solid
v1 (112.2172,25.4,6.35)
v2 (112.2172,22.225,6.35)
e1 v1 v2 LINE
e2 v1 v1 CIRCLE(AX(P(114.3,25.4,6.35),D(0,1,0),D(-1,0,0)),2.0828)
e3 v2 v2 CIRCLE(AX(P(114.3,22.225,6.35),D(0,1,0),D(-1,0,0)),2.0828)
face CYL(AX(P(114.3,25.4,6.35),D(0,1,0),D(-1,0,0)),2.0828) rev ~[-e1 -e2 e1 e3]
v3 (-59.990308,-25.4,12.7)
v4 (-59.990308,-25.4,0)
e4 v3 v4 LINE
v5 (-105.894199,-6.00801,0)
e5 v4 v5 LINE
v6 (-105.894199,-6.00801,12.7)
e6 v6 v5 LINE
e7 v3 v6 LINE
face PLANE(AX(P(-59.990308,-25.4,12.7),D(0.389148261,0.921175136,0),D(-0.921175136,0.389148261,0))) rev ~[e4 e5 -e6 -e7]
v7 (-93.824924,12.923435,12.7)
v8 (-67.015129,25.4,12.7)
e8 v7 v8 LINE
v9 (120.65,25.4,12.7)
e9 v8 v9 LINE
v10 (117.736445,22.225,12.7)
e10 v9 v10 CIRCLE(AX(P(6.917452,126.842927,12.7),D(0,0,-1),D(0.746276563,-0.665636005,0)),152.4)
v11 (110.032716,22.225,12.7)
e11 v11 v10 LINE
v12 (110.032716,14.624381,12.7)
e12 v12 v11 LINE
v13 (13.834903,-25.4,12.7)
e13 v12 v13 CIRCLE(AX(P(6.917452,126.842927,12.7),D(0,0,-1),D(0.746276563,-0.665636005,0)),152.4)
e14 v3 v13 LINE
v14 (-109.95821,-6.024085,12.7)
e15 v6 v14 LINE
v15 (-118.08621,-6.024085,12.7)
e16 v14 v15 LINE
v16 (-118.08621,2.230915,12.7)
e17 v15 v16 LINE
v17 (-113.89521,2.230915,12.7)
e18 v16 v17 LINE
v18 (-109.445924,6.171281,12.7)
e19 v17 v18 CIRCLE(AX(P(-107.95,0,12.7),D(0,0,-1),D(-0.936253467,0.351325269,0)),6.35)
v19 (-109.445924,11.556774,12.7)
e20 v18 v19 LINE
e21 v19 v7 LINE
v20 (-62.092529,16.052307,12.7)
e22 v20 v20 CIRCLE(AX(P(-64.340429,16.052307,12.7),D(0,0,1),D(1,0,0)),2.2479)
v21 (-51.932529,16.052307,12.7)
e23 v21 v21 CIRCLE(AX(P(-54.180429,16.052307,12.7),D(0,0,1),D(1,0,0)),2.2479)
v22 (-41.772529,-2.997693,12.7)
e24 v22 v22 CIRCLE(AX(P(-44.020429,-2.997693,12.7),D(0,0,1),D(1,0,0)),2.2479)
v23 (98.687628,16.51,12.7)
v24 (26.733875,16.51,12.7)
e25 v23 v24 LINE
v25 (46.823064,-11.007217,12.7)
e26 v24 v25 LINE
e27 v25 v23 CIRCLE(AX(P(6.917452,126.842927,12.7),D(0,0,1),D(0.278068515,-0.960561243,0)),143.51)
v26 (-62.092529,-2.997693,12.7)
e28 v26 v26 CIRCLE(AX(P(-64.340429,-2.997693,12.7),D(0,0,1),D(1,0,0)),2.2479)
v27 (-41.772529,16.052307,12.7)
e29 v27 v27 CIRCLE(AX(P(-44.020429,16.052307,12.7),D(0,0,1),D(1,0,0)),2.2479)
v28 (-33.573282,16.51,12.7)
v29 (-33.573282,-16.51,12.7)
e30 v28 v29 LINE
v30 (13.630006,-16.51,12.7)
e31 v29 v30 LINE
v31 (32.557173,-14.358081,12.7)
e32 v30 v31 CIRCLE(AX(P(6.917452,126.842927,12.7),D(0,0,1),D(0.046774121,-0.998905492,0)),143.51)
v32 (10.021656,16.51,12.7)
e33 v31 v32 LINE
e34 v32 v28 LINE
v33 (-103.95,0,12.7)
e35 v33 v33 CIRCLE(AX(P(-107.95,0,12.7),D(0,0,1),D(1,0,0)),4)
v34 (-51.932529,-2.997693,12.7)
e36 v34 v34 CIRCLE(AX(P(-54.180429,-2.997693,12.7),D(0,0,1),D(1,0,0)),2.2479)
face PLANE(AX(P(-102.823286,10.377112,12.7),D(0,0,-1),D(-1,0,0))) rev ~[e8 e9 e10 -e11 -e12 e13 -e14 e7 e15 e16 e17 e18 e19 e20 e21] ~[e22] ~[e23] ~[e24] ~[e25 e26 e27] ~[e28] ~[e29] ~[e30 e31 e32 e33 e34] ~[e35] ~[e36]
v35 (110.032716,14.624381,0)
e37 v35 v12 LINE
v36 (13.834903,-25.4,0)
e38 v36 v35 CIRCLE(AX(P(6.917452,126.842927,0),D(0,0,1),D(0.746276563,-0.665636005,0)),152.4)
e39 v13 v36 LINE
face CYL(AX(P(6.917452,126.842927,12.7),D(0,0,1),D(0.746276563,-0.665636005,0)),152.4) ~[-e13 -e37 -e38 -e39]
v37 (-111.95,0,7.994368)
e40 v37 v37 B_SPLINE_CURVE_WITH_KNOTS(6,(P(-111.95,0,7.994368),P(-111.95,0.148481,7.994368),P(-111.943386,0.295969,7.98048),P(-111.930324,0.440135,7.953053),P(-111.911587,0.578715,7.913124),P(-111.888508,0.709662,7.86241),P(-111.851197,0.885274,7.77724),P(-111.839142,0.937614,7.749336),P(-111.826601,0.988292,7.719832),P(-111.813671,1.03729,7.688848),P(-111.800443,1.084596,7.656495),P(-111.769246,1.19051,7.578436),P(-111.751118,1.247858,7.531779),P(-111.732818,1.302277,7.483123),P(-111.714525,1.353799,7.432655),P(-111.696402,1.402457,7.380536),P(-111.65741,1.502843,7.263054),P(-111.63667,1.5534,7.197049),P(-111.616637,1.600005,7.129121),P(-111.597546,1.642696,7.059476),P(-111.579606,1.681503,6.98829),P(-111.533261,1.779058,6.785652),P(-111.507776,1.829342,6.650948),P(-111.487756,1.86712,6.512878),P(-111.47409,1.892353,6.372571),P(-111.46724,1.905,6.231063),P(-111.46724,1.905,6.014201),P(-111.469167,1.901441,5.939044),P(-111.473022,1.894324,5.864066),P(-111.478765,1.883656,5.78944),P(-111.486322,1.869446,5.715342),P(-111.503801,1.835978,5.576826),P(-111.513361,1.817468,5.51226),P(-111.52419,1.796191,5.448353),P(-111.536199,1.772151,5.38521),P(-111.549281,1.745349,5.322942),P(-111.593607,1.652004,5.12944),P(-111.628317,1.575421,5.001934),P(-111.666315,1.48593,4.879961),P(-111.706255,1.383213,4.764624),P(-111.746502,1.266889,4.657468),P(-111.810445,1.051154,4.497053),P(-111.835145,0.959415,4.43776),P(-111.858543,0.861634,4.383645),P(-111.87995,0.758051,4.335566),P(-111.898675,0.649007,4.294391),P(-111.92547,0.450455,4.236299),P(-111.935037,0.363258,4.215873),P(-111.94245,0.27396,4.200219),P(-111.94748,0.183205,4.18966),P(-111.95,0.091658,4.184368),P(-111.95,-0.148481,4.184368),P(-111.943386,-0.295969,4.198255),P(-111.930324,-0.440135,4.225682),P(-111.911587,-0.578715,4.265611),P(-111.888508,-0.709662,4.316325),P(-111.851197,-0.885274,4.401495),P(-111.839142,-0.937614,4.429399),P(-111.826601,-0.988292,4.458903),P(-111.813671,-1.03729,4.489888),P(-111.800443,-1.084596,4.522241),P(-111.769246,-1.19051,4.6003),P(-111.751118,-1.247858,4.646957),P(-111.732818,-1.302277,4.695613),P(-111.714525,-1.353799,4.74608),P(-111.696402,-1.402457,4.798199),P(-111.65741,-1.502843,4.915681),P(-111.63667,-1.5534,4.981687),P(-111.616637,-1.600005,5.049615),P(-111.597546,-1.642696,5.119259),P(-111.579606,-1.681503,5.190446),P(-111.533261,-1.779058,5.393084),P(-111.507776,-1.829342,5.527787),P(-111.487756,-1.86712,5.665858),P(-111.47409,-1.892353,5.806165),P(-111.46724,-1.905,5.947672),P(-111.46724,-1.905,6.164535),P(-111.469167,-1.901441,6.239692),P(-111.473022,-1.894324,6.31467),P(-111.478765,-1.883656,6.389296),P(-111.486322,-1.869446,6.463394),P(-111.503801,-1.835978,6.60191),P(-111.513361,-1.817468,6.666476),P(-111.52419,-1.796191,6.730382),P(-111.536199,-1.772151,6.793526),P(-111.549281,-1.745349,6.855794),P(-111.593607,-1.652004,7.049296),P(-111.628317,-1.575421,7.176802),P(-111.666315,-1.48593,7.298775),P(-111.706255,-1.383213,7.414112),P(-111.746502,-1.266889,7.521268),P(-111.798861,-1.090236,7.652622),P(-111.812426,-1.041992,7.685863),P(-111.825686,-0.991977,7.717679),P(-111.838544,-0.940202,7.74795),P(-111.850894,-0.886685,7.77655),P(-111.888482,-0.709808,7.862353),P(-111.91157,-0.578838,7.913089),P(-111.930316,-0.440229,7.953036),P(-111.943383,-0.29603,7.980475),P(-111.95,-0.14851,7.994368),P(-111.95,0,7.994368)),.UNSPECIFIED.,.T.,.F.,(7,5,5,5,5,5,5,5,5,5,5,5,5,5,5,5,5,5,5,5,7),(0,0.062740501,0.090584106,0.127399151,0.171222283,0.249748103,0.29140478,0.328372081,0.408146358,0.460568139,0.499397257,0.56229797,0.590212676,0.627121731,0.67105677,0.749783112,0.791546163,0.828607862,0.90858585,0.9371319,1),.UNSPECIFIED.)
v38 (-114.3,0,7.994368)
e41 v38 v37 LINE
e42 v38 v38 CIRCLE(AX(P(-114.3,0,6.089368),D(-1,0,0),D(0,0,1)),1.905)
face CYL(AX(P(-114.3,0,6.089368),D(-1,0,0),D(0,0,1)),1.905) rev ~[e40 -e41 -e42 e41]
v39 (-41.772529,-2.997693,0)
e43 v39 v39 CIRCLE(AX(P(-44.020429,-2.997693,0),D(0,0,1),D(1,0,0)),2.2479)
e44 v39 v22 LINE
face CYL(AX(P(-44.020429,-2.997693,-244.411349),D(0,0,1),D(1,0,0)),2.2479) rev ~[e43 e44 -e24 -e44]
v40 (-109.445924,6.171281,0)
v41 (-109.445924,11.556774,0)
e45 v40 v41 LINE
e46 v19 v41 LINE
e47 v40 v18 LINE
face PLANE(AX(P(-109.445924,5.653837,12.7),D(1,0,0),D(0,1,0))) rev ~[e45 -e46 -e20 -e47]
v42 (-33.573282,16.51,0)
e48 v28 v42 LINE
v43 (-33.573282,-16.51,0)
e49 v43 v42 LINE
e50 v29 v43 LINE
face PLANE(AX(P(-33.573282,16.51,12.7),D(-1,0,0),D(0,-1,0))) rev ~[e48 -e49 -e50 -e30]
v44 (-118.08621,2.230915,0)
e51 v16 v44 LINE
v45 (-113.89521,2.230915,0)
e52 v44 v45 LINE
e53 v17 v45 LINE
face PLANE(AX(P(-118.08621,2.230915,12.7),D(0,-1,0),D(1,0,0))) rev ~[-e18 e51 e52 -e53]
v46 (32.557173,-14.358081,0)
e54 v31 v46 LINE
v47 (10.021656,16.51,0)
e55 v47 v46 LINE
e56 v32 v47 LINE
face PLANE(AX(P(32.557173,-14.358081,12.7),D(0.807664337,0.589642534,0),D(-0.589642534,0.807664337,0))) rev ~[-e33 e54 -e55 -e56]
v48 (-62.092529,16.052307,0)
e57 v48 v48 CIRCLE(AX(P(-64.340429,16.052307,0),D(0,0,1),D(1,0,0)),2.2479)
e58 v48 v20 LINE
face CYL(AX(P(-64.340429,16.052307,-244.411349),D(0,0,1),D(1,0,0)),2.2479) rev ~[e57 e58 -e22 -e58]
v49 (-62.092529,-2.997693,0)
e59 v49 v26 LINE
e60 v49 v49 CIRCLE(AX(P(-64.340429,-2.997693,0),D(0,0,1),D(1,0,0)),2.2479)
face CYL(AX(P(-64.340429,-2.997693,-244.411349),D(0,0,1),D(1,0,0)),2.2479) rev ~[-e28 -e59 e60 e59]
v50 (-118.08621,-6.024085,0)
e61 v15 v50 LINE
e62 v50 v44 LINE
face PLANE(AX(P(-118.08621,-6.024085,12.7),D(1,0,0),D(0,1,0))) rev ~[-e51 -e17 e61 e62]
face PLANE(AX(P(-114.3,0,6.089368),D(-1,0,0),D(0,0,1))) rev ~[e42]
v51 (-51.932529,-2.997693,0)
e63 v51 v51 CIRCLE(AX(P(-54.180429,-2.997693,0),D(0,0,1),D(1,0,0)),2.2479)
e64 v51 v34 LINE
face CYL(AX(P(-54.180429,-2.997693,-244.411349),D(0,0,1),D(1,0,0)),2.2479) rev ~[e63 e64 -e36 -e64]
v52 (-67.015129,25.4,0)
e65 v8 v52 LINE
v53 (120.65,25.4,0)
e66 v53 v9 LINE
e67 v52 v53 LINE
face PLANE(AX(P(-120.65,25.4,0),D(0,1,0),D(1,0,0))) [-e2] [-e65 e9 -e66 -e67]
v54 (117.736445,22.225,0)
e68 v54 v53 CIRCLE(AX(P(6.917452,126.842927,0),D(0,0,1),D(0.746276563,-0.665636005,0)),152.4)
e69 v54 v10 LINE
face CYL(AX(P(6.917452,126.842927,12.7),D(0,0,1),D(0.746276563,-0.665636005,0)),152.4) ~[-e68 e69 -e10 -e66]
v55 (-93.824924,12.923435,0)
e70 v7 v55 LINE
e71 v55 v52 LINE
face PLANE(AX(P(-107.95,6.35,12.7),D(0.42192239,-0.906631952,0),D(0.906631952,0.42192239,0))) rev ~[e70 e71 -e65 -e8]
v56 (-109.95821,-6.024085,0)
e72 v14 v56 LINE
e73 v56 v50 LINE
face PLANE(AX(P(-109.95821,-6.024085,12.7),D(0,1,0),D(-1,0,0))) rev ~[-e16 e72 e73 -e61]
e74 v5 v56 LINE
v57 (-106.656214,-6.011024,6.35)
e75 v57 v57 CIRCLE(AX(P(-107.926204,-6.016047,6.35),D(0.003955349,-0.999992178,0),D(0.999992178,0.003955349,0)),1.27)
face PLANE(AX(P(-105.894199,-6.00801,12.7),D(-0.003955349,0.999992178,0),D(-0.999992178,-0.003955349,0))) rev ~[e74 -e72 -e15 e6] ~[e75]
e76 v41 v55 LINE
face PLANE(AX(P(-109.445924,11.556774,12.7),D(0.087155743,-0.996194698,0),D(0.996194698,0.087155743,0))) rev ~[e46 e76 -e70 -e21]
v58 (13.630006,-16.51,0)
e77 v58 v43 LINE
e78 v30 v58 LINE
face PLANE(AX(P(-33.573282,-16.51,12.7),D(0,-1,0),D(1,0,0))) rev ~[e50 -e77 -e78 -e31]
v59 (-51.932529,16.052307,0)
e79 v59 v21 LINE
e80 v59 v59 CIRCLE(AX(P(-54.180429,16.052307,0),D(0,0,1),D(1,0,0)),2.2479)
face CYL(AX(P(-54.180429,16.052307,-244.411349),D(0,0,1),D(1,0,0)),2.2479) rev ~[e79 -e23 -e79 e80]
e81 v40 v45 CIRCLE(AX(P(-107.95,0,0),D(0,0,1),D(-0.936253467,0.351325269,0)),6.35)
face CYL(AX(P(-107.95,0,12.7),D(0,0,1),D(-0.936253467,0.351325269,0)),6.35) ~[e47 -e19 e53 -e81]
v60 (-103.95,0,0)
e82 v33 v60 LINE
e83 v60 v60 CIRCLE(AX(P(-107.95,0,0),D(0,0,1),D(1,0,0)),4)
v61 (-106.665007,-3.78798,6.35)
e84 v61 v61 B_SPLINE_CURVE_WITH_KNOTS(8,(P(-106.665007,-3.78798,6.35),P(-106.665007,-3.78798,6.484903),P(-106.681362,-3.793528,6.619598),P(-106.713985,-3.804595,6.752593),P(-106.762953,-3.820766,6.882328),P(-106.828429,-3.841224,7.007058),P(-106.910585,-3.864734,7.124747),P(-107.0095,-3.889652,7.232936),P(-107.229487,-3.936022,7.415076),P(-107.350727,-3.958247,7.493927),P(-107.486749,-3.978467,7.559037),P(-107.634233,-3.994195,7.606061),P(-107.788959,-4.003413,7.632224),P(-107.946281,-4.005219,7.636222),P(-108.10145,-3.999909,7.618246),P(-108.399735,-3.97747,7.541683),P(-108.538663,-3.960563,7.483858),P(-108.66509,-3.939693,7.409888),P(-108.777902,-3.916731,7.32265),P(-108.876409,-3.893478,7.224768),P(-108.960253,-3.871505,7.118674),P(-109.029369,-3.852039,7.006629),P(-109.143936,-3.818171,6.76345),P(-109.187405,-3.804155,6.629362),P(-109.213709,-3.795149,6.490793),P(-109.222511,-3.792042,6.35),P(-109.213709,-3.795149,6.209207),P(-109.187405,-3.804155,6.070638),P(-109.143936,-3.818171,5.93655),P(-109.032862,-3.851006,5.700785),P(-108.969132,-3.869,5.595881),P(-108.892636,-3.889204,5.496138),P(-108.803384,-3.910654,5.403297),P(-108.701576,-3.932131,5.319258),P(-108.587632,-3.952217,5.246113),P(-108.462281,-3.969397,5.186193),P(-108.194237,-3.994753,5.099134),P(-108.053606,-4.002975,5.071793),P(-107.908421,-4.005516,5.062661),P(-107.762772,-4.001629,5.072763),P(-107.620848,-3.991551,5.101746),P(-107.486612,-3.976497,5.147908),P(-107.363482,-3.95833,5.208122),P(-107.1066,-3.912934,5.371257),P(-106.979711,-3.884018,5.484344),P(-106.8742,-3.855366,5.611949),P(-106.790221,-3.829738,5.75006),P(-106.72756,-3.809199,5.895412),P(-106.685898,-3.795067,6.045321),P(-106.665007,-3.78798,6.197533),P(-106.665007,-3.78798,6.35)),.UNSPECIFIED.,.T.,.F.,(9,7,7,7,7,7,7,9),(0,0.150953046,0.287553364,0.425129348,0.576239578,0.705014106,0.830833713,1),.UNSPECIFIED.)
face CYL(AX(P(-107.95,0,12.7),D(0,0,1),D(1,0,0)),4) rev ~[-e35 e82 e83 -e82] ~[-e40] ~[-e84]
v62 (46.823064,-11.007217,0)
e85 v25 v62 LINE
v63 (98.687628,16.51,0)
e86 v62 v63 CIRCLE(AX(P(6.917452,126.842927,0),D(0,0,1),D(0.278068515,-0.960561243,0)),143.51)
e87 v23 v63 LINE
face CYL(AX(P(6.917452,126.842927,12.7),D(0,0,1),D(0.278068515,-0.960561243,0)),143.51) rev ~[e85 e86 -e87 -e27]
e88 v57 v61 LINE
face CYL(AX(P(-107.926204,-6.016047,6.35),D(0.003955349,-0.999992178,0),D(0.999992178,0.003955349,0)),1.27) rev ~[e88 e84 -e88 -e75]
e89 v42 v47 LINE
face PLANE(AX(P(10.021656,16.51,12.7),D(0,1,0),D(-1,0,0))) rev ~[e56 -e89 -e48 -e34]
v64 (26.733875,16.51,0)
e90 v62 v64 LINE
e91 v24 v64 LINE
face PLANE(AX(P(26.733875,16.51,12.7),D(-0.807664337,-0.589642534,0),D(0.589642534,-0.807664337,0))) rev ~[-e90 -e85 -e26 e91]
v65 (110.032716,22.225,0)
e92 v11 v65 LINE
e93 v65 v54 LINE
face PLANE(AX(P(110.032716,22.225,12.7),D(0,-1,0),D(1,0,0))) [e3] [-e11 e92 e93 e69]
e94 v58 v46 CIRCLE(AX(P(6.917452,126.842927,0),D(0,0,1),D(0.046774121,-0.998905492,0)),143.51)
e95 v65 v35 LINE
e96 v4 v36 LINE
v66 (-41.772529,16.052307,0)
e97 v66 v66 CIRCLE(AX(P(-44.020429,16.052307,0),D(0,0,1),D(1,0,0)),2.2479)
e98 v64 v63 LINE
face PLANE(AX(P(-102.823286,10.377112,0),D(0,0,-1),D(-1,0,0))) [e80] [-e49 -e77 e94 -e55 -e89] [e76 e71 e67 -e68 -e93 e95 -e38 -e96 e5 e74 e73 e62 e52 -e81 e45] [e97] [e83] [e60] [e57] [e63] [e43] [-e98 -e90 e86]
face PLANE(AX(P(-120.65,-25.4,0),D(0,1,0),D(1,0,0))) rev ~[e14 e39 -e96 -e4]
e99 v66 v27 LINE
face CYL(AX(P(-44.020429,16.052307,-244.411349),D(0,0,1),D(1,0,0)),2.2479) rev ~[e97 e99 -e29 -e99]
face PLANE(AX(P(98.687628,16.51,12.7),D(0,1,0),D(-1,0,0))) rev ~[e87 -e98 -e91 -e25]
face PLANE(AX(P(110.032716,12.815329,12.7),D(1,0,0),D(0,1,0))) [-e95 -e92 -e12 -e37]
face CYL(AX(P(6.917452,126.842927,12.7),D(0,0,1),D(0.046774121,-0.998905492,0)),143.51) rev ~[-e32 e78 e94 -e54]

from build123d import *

# Parameters (mm, degrees)
SKETCH1_W             = 241.3
SKETCH1_H             = 50.8
BOSS_EXTRUDE1_DEPTH   = 12.7
SKETCH3_R             = 4
CUT_EXTRUDE1_DEPTH    = 124.947055229
CUT_EXTRUDE2_DEPTH    = 124.947055229
F_8_CLEARANCE_HOLE1_D = 4.4958
SKETCH10_R            = 1.905
CUT_EXTRUDE3_DEPTH    = 5.08
BOSS_EXTRUDE2_DEPTH   = 12.7
CUT_EXTRUDE4_DEPTH    = 124.947055239
SKETCH14_R            = 1.27
CUT_EXTRUDE5_DEPTH    = 6.35
SKETCH15_W            = 7.607640742
SKETCH15_H            = 9.409671306
CUT_EXTRUDE6_DEPTH    = 124.947055239
SKETCH16_W            = 0.104572849
SKETCH16_H            = 0.14582332
CUT_EXTRUDE8_DEPTH    = 124.947055239
SKETCH18_R            = 2.0828
CUT_EXTRUDE9_DEPTH    = 132.523201385
LPATTERN1_COUNT       = 3
LPATTERN1_PITCH       = 10.16


with BuildPart() as part:
    # Sketch1 → Boss-Extrude1 (new body)
    with BuildSketch(Plane.XY):
        Rectangle(SKETCH1_W, SKETCH1_H)
    extrude(amount=BOSS_EXTRUDE1_DEPTH)

    # Sketch3 → Cut-Extrude1 (cut, through all)
    with BuildSketch(Plane.XY.offset(12.7)):
        with Locations((-107.95, 0)):
            Circle(SKETCH3_R)
    extrude(amount=-CUT_EXTRUDE1_DEPTH, mode=Mode.SUBTRACT)

    # Sketch5 → Cut-Extrude2 (cut, through all)
    with BuildSketch(Plane.XY.offset(12.7)):
        with BuildLine():
            Line((-59.990308431, -25.4), (-105.894198974, -6.008009832))
            Line((-105.894198974, -6.008009832), (-109.958209517, -6.024084539))
            Line((-109.958209517, -6.024084539), (-118.086209517, -6.024084539))
            Line((-118.086209517, -6.024084539), (-118.086209517, 2.230915461))
            Line((-118.086209517, 2.230915461), (-113.895209517, 2.230915461))
            ThreePointArc((-113.895209517, 2.230915461), (-111.566364668, 5.219617475), (-107.95, 6.35))
            Line((-107.95, 6.35), (-67.015128773, 25.4))
            Line((-67.015128773, 25.4), (-120.65, 25.4))
            Line((-120.65, 25.4), (-120.65, -25.4))
            Line((-120.65, -25.4), (-59.990308431, -25.4))
        make_face()
        with BuildLine():
            Line((120.65, -25.4), (120.65, 25.4))
            ThreePointArc((120.65, 25.4), (72.371753541, -10.785174559), (13.834903468, -25.4))
            Line((13.834903468, -25.4), (120.65, -25.4))
        make_face()
    extrude(amount=-CUT_EXTRUDE2_DEPTH, mode=Mode.SUBTRACT)

    # #8 Clearance Hole1 (through all)
    with Locations(Plane(origin=(0, 0, 0), x_dir=(-1, 0, 0), z_dir=(0, 0, -1))):
        with Locations((44.020428639, 16.052306877), (44.020428639, -2.997693123)):
            f_8_clearance_hole1 = Hole(F_8_CLEARANCE_HOLE1_D / 2)

    # Sketch10 → Cut-Extrude3 (cut)
    with BuildSketch(Plane.ZY.offset(114.3)):
        with Locations((6.089367744, 0)):
            Circle(SKETCH10_R)
    extrude(amount=-CUT_EXTRUDE3_DEPTH, mode=Mode.SUBTRACT)

    # Sketch11 → Boss-Extrude2 (add)
    with BuildSketch(Plane.XY.offset(12.7)):
        Polygon((-93.824923554, 12.923434781), (-109.445923554, 5.653836977), (-109.445923554, 11.556774368), align=None)
    extrude(amount=-BOSS_EXTRUDE2_DEPTH)

    # Sketch12 → Cut-Extrude4 (cut, through all)
    with BuildSketch(Plane.XY.offset(12.7)):
        with BuildLine():
            Line((10.021655843, 16.51), (-33.573281826, 16.51))
            Line((-33.573281826, 16.51), (-33.573281826, -16.51))
            Line((-33.573281826, -16.51), (13.63000586, -16.51))
            ThreePointArc((13.63000586, -16.51), (23.12933387, -15.748429471), (32.557173193, -14.358081305))
            Line((32.557173193, -14.358081305), (10.021655843, 16.51))
        make_face()
        with BuildLine():
            Line((26.733875346, 16.51), (46.823064271, -11.007216822))
            ThreePointArc((46.823064271, -11.007216822), (74.177600846, 0.070720235), (98.687628211, 16.51))
            Line((98.687628211, 16.51), (26.733875346, 16.51))
        make_face()
    extrude(amount=-CUT_EXTRUDE4_DEPTH, mode=Mode.SUBTRACT)

    # Sketch14 → Cut-Extrude5 (cut)
    with BuildSketch(Plane(origin=(0.022106899, -5.589070571, 0), x_dir=(0.9999921775754317, 0.003955349282477503, 0), z_dir=(0.003955349282477503, -0.9999921775754317, 0))):
        with Locations((-107.949155569, 6.35)):
            Circle(SKETCH14_R)
    extrude(amount=-CUT_EXTRUDE5_DEPTH, mode=Mode.SUBTRACT)

    # Sketch15 → Cut-Extrude6 (cut, through all)
    with BuildSketch(Plane.XY.offset(12.7)):
        with Locations((113.836536756, 17.520164347)):
            Rectangle(SKETCH15_W, SKETCH15_H)
    extrude(amount=-CUT_EXTRUDE6_DEPTH, mode=Mode.SUBTRACT)

    # Sketch16 → Cut-Extrude8 (cut, through all)
    with BuildSketch(Plane.XY.offset(12.7)):
        with Locations((117.692643551, 22.15208834)):
            Rectangle(SKETCH16_W, SKETCH16_H)
    extrude(amount=-CUT_EXTRUDE8_DEPTH, mode=Mode.SUBTRACT)

    # Sketch18 → Cut-Extrude9 (cut, through all)
    with BuildSketch(Plane(origin=(0, 25.4, 0), x_dir=(1, 0, 0), z_dir=(0, 1, 0))):
        with Locations(Location((114.3, -6.35, 0), (0, 0, 180))):
            Circle(SKETCH18_R)
    extrude(amount=-CUT_EXTRUDE9_DEPTH, mode=Mode.SUBTRACT)

    # LPattern1: #8 Clearance Hole1 ×3
    with Locations(*[(-i * LPATTERN1_PITCH, 0, 0) for i in range(1, LPATTERN1_COUNT)]):
        add(f_8_clearance_hole1, mode=Mode.SUBTRACT)


solid = part.part
